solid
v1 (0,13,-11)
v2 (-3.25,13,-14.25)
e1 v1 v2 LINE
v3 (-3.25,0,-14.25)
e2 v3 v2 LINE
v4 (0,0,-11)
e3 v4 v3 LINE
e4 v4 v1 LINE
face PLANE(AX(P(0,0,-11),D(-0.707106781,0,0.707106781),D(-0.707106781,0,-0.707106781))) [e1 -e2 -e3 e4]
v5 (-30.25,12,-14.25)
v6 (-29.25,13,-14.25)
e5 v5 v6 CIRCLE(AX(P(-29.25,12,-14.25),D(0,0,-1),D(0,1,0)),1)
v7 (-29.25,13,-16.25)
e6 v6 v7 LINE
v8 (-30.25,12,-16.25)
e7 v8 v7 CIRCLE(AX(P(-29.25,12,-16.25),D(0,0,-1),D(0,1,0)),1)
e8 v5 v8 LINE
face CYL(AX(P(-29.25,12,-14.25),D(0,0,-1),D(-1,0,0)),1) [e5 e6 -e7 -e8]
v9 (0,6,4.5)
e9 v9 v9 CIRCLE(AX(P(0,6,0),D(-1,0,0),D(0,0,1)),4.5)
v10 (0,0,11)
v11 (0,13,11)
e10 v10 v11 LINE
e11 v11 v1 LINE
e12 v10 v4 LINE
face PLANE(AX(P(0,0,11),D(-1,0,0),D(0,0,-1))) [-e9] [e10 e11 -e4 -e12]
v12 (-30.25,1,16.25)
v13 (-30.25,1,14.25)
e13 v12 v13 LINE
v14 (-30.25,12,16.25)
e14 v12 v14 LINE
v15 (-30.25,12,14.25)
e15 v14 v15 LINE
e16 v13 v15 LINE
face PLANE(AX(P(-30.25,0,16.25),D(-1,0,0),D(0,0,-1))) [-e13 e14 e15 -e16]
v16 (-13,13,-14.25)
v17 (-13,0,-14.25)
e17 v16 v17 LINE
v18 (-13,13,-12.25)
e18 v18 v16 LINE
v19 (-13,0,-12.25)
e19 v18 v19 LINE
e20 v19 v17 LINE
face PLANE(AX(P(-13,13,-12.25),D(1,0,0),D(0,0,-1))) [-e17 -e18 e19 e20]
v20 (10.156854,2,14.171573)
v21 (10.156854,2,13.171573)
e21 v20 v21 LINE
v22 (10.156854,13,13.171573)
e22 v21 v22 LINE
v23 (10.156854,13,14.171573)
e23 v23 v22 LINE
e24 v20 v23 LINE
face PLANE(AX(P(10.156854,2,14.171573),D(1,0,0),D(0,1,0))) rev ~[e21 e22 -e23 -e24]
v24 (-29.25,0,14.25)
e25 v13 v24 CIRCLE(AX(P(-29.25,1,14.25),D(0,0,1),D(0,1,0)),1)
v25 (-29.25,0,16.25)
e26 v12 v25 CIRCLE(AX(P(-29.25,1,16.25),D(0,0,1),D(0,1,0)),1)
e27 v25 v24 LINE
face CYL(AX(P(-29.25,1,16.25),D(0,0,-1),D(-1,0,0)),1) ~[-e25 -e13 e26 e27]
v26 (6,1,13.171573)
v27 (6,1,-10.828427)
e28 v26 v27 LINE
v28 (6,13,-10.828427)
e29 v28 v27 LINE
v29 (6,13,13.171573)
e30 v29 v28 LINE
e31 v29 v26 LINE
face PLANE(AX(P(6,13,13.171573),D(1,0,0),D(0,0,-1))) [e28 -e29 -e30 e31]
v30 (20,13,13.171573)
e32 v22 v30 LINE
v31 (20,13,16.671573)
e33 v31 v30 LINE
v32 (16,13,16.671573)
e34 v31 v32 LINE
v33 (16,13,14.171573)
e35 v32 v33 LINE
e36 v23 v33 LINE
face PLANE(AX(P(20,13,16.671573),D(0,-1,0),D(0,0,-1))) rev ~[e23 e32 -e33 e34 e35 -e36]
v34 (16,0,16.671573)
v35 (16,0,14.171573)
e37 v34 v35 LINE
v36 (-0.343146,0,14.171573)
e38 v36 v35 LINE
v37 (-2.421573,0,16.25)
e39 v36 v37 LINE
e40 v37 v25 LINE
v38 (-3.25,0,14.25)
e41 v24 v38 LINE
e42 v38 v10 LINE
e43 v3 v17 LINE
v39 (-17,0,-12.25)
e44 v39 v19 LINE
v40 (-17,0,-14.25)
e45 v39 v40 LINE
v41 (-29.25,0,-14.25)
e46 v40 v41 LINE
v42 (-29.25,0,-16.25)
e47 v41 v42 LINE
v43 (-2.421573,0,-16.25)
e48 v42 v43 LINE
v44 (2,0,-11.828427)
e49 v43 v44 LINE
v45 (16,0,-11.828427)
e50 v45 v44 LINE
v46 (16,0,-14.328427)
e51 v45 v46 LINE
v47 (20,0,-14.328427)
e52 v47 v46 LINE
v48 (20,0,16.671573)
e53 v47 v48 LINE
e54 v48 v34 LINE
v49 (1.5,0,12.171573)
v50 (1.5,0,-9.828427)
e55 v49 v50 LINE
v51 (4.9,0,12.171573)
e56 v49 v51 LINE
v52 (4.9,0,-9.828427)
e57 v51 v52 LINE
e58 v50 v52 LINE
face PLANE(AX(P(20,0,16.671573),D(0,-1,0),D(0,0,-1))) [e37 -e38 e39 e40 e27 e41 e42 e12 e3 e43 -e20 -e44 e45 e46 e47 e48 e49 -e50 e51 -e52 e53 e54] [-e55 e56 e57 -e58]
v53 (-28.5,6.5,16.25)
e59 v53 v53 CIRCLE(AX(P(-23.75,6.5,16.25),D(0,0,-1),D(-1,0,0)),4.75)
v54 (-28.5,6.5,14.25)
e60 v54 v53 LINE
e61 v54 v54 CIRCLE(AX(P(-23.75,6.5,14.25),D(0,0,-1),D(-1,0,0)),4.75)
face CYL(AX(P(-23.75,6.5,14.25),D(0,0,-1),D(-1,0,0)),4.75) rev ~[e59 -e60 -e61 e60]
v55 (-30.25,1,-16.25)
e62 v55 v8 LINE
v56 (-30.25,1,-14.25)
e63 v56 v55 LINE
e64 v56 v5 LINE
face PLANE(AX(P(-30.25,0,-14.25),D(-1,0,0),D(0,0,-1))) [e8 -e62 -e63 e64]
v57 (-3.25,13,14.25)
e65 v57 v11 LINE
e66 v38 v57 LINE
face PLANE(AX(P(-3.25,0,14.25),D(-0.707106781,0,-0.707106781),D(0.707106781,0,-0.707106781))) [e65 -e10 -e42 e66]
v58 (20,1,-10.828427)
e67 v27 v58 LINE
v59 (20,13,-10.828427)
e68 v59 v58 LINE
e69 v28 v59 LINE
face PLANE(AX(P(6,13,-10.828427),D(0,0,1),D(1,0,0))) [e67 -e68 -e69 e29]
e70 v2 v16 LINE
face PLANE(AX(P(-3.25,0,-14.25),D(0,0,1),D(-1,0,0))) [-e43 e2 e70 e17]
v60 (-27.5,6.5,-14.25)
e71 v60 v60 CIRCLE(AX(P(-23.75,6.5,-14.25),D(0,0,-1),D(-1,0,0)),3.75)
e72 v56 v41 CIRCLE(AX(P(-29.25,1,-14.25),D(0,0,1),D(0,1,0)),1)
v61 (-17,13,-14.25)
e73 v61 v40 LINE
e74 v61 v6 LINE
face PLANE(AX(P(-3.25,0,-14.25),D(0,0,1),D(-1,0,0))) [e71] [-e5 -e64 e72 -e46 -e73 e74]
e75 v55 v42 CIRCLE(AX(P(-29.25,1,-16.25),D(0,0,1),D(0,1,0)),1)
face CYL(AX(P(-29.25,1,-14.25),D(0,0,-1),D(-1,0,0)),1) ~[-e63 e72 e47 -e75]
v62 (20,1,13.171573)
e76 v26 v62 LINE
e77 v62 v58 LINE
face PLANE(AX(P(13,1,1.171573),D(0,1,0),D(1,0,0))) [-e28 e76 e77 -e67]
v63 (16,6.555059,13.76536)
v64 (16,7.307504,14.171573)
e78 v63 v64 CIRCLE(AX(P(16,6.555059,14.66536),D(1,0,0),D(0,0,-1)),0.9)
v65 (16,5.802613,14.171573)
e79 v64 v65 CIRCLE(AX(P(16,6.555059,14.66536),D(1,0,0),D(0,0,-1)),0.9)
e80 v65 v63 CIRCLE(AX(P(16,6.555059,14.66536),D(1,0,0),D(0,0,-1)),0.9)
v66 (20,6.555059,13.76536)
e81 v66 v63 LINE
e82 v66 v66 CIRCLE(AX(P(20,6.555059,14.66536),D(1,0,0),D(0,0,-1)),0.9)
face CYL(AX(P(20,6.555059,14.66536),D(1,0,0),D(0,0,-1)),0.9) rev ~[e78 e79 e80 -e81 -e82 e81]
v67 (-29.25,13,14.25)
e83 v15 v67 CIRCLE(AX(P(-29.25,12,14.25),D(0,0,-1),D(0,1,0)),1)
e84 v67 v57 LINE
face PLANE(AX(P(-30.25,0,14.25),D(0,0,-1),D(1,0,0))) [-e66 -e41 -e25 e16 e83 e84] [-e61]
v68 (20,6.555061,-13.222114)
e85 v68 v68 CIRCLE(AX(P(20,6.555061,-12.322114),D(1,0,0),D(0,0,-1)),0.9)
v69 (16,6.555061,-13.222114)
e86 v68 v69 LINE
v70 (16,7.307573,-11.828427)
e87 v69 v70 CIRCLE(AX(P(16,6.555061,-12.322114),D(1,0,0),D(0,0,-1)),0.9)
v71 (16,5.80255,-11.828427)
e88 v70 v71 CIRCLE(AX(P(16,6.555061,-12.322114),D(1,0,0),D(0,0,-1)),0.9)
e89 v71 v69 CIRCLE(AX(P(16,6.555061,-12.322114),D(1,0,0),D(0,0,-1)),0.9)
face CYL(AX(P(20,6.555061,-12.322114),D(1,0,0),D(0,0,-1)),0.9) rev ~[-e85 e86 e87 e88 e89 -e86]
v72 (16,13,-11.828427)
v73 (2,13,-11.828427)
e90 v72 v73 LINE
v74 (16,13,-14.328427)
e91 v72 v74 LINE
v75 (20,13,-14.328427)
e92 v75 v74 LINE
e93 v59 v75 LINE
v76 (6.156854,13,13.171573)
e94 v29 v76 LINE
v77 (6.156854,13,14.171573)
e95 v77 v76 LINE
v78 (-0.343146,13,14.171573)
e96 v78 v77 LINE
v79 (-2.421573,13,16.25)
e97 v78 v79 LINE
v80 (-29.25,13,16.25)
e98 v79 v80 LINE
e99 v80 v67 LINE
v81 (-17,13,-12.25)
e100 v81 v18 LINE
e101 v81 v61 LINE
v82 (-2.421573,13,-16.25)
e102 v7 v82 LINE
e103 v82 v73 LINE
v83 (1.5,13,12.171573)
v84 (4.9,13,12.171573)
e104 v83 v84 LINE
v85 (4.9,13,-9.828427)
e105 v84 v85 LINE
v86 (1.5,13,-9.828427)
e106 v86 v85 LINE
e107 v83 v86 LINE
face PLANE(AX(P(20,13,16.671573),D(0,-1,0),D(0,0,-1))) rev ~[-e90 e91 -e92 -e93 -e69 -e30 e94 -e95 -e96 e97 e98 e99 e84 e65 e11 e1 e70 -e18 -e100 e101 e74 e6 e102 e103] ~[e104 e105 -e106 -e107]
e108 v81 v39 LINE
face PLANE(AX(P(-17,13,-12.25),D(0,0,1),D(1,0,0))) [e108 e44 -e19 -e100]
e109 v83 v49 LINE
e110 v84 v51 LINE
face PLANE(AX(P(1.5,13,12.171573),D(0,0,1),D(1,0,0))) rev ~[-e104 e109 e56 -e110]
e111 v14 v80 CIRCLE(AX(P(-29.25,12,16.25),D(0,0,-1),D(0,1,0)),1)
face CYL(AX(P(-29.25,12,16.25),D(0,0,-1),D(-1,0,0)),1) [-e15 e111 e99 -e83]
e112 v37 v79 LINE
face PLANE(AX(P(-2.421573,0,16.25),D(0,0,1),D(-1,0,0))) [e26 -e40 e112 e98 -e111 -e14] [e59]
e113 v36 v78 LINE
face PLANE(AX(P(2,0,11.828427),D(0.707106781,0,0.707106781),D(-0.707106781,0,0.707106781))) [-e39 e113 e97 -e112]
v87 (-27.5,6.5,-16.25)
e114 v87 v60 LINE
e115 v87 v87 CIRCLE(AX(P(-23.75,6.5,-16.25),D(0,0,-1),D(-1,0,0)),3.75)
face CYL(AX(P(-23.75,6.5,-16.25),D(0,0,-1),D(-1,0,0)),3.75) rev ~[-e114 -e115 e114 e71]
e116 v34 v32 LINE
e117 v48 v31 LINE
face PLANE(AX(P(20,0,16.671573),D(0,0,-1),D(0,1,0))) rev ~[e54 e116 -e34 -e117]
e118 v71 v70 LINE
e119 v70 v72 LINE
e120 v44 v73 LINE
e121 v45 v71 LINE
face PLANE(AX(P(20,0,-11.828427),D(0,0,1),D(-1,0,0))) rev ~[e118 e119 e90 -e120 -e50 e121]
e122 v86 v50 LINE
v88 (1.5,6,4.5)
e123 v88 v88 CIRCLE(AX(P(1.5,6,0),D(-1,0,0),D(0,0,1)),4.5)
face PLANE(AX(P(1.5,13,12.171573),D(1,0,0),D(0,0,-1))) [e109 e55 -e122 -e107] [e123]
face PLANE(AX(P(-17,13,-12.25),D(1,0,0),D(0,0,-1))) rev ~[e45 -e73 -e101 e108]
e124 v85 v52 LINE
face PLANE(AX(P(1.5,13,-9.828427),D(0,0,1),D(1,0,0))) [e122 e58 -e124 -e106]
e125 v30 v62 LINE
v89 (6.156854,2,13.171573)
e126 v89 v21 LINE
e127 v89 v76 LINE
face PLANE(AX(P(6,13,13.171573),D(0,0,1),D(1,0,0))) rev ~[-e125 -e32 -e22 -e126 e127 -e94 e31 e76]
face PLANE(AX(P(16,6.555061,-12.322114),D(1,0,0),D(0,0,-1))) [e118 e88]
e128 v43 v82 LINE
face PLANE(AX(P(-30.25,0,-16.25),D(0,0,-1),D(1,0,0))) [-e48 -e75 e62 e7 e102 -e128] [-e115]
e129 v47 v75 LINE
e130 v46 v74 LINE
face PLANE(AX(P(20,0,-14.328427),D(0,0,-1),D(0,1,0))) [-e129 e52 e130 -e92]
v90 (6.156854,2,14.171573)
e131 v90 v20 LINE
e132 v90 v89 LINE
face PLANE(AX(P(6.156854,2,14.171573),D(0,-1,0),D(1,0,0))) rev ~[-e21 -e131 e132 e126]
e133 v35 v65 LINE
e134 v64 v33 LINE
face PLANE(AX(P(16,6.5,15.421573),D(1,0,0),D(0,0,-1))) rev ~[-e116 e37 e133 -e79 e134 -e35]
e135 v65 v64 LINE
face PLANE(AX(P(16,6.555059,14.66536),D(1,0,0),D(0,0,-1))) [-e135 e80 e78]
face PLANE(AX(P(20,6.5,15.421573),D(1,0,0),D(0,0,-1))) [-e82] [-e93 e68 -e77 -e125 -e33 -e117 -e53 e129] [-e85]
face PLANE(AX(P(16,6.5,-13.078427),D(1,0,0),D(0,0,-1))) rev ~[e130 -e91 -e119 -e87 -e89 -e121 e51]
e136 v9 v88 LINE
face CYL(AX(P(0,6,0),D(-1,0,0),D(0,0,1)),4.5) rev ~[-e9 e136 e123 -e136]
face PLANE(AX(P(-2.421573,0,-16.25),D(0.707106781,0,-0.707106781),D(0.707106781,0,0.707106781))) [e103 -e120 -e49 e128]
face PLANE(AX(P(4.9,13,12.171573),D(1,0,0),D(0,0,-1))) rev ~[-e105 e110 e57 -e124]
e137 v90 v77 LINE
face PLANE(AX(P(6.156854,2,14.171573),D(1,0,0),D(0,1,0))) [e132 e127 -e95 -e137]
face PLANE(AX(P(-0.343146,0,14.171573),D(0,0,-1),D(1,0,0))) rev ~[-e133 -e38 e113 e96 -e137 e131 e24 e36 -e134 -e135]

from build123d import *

# Parameters (mm, degrees)
P_IDAT_VYSUNUT_M1_DEPTH   = 13
ZAOBLIT1_R                = 1
SKICA6_R                  = 3.75
ODEBRAT_VYSUNUT_M4_DEPTH  = 5
SKICA7_R                  = 4.75
ODEBRAT_VYSUNUT_M5_DEPTH  = 5
P_IDAT_VYSUNUT_M2_DEPTH   = 13
SKICA9_W                  = 3.4
SKICA9_H                  = 22
ODEBRAT_VYSUNUT_M6_DEPTH  = 14
SKICA10_W                 = 14
SKICA10_H                 = 24
ODEBRAT_VYSUNUT_M7_DEPTH  = 12
SKICA11_W                 = 2.5
SKICA11_H                 = 13
P_IDAT_VYSUNUT_M3_DEPTH   = 4
SKICA12_R                 = 0.9
ODEBRAT_VYSUNUT_M8_DEPTH  = 4
SKICA13_W                 = 4
SKICA13_H                 = 11
ODEBRAT_VYSUNUT_M9_DEPTH  = 4
SKICA14_R                 = 4.5
ODEBRAT_VYSUNUT_M10_DEPTH = 4
SKICA15_W                 = 4
SKICA15_H                 = 2
P_IDAT_VYSUNUT_M4_DEPTH   = 13


with BuildPart() as part:
    # Skica1 → Přidat vysunutím1 (new body)
    with BuildSketch(Plane(origin=(0, 0, 0), x_dir=(1, 0, 0), z_dir=(0, 1, 0))):
        Polygon((0, -11), (0, 11), (-3.25, 14.25), (-30.25, 14.25), (-30.25, 16.25), (-2.421572875, 16.25), (2, 11.828427125), (2, -11.828427125), (-2.421572875, -16.25), (-30.25, -16.25), (-30.25, -14.25), (-3.25, -14.25), align=None)
    extrude(amount=P_IDAT_VYSUNUT_M1_DEPTH)

    # Zaoblit1
    zaoblit1_edges = [part.edges().sort_by_distance(p)[0] for p in [
        (-30.25, 0, -15.25),
        (-30.25, 0, 15.25),
        (-30.25, 13, 15.25),
        (-30.25, 13, -15.25),
    ]]
    fillet(zaoblit1_edges, radius=ZAOBLIT1_R)

    # Skica6 → Odebrat vysunutím4 (cut)
    with BuildSketch(Plane(origin=(0, 0, -16.25), x_dir=(-1, 0, 0), z_dir=(0, 0, -1))):
        with Locations((23.75, 6.5)):
            Circle(SKICA6_R)
    extrude(amount=-ODEBRAT_VYSUNUT_M4_DEPTH, mode=Mode.SUBTRACT)

    # Skica7 → Odebrat vysunutím5 (cut)
    with BuildSketch(Plane(origin=(0, 0, 14.25), x_dir=(-1, 0, 0), z_dir=(0, 0, -1))):
        with Locations((23.75, 6.5)):
            Circle(SKICA7_R)
    extrude(amount=-ODEBRAT_VYSUNUT_M5_DEPTH, mode=Mode.SUBTRACT)

    # Skica8 → Přidat vysunutím2 (add)
    with BuildSketch(Plane.XZ):
        Polygon((-0.343145751, 14.171572875), (20, 14.171572875), (20, -11.828427125), (2, -11.828427125), (2, 11.828427125), align=None)
    extrude(amount=-P_IDAT_VYSUNUT_M2_DEPTH)

    # Skica9 → Odebrat vysunutím6 (cut, through all)
    with BuildSketch(Plane(origin=(0, 13, 0), x_dir=(1, 0, 0), z_dir=(0, 1, 0))):
        with Locations((3.2, -1.171572875)):
            Rectangle(SKICA9_W, SKICA9_H)
    extrude(amount=-ODEBRAT_VYSUNUT_M6_DEPTH, mode=Mode.SUBTRACT)

    # Skica10 → Odebrat vysunutím7 (cut)
    with BuildSketch(Plane(origin=(0, 13, 0), x_dir=(1, 0, 0), z_dir=(0, 1, 0))):
        with Locations((13, -1.171572875)):
            Rectangle(SKICA10_W, SKICA10_H)
    extrude(amount=-ODEBRAT_VYSUNUT_M7_DEPTH, mode=Mode.SUBTRACT)

    # Skica11 → Přidat vysunutím3 (add)
    with BuildSketch(Plane(origin=(20, 0, 0), x_dir=(0, 0, -1), z_dir=(1, 0, 0))):
        with Locations((-15.421572875, 6.5)):
            Rectangle(SKICA11_W, SKICA11_H)
        with Locations((13.078427125, 6.5)):
            Rectangle(SKICA11_W, SKICA11_H)
    extrude(amount=-P_IDAT_VYSUNUT_M3_DEPTH)

    # Skica12 → Odebrat vysunutím8 (cut)
    with BuildSketch(Plane(origin=(20, 0, 0), x_dir=(0, 0, -1), z_dir=(1, 0, 0))):
        with Locations((-14.665360427, 6.555058558)):
            Circle(SKICA12_R)
        with Locations((12.322113705, 6.555061415)):
            Circle(SKICA12_R)
    extrude(amount=-ODEBRAT_VYSUNUT_M8_DEPTH, mode=Mode.SUBTRACT)

    # Skica13 → Odebrat vysunutím9 (cut)
    with BuildSketch(Plane.XY.offset(14.171572875)):
        with Locations((8.156854249, 7.5)):
            Rectangle(SKICA13_W, SKICA13_H)
    extrude(amount=-ODEBRAT_VYSUNUT_M9_DEPTH, mode=Mode.SUBTRACT)

    # Skica14 → Odebrat vysunutím10 (cut)
    with BuildSketch(Plane.ZY):
        with Locations((0, 6)):
            Circle(SKICA14_R)
    extrude(amount=-ODEBRAT_VYSUNUT_M10_DEPTH, mode=Mode.SUBTRACT)

    # Skica15 → Přidat vysunutím4 (add)
    with BuildSketch(Plane(origin=(0, 13, 0), x_dir=(1, 0, 0), z_dir=(0, 1, 0))):
        with Locations((-15, 13.25)):
            Rectangle(SKICA15_W, SKICA15_H)
    extrude(amount=-P_IDAT_VYSUNUT_M4_DEPTH)


solid = part.part
